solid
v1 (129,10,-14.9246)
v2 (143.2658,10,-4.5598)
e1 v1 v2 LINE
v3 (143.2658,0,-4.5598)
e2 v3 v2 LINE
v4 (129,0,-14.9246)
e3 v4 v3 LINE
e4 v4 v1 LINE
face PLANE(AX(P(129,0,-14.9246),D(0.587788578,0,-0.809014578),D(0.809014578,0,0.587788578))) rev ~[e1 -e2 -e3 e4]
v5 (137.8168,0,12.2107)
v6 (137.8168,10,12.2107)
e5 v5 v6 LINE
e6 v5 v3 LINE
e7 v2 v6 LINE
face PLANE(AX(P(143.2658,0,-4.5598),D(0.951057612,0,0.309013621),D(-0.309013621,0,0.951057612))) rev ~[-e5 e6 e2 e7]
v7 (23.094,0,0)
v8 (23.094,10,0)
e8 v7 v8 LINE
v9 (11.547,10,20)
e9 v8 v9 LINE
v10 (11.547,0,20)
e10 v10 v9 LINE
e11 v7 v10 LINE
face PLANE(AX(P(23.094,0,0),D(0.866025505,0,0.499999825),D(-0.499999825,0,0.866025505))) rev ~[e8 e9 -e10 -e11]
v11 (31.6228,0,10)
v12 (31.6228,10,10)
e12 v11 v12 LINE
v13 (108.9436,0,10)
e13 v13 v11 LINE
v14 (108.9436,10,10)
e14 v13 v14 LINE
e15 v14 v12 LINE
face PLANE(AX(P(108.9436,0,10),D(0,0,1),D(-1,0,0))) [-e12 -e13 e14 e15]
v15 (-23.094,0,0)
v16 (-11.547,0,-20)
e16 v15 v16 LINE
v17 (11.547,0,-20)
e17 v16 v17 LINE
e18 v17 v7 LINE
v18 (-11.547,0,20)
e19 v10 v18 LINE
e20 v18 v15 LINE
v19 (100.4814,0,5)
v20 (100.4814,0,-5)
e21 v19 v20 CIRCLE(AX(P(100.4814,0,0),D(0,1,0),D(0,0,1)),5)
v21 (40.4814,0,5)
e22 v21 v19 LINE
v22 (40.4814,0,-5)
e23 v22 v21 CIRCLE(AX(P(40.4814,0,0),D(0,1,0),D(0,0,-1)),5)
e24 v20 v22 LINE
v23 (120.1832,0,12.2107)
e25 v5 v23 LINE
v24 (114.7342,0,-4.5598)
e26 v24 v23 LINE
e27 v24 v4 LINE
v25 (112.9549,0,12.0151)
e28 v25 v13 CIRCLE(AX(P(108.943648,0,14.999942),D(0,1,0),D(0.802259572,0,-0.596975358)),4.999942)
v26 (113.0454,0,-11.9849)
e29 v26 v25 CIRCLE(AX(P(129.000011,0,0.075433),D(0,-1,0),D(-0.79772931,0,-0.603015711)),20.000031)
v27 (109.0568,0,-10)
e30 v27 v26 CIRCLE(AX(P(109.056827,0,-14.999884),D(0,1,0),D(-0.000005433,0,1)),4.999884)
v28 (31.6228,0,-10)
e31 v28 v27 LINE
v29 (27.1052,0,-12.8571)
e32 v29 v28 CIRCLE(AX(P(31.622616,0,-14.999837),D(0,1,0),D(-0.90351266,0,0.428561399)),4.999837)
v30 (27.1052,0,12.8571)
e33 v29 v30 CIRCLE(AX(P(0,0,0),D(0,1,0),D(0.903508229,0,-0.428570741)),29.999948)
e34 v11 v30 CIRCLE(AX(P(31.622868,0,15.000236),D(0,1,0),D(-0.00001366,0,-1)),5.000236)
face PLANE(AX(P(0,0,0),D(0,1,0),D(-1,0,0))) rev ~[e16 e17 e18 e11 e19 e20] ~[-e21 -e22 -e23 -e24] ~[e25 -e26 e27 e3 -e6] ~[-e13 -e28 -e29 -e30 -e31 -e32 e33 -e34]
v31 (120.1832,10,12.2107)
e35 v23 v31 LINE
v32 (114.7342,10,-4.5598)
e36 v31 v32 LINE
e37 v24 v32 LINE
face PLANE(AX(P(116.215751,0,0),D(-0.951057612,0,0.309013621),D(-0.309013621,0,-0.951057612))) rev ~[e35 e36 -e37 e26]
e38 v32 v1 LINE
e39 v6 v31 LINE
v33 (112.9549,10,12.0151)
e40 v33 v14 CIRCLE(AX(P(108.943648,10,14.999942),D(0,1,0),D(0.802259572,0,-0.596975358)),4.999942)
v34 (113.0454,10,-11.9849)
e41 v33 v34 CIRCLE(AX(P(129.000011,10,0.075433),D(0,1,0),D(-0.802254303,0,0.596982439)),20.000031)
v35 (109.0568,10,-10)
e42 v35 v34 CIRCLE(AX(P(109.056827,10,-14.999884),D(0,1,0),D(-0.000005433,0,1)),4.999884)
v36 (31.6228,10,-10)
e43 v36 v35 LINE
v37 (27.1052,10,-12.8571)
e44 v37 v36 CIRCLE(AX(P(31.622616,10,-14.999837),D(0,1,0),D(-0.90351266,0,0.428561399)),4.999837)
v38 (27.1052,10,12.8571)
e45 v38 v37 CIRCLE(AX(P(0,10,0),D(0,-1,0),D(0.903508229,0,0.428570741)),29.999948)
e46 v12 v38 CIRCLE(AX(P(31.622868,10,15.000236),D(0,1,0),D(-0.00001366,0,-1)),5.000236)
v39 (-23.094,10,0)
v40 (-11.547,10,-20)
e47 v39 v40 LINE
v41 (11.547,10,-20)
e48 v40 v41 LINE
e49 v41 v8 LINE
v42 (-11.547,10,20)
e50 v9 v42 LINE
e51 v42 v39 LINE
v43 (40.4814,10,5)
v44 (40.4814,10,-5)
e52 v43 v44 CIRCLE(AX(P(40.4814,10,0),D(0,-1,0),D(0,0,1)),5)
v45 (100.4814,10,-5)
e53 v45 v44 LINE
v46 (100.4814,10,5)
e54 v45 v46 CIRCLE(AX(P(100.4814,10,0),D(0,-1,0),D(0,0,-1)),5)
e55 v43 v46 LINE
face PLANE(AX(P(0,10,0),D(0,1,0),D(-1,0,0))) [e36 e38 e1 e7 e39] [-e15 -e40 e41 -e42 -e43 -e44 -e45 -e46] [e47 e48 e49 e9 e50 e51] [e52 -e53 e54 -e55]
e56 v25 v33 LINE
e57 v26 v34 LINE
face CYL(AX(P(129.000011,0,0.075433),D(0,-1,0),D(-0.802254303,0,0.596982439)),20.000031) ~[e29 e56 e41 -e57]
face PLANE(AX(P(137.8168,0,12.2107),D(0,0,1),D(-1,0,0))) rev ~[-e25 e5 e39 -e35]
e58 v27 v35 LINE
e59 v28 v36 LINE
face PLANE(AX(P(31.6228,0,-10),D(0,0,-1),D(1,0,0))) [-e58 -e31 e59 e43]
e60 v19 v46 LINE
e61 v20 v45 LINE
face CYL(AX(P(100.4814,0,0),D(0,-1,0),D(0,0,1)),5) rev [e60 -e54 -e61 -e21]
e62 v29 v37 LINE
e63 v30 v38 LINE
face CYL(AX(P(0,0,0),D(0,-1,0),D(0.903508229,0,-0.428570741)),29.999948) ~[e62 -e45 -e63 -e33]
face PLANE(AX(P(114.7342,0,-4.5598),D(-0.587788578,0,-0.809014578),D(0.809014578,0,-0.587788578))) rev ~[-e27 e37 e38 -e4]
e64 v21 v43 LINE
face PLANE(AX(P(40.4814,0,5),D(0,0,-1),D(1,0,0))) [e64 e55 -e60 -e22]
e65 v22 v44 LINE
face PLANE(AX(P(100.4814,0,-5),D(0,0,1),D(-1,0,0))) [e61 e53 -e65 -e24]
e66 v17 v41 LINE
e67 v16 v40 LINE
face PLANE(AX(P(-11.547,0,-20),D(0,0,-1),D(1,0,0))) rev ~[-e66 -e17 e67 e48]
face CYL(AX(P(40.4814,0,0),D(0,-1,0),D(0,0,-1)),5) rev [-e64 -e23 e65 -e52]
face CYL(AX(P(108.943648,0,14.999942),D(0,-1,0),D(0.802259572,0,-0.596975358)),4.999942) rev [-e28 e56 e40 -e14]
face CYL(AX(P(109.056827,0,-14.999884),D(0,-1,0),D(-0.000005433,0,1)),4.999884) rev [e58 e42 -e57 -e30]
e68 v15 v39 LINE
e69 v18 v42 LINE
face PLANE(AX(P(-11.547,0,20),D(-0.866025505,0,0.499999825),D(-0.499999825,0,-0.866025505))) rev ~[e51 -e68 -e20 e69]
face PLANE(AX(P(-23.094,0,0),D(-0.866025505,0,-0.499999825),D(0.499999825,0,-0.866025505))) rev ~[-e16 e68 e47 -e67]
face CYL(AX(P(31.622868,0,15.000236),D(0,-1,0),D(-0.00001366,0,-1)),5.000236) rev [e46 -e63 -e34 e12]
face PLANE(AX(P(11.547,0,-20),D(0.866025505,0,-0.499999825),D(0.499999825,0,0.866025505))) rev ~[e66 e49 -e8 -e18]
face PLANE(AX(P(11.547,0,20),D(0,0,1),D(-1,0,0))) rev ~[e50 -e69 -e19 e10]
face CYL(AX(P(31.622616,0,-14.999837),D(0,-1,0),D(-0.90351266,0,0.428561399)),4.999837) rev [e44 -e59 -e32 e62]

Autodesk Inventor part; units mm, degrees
ref_plane "YZ Plane" through (0, 0, 0) normal (1, 0, 0) x (0, 1, 0)
ref_plane "XZ Plane" through (0, 0, 0) normal (0, 1, 0) x (-1, 0, 0)
ref_plane "XY Plane" through (0, 0, 0) normal (0, 0, 1) x (1, 0, 0)
sketch "Sketch2" plane through (0, 0, 0) normal (0, 1, 0) x (-1, 0, 0)
  arc A0 (-27.1052, -12.8571) -> (-27.1052, 12.8571) centre (0, 0) ccw
  line L0 (-23.094, 0) -> (-11.547, 20)
  line L1 (-11.547, 20) -> (11.547, 20)
  line L2 (11.547, 20) -> (23.094, 0)
  line L3 (23.094, 0) -> (11.547, -20)
  line L4 (11.547, -20) -> (-11.547, -20)
  line L5 (-11.547, -20) -> (-23.094, 0)
  line L6 (-184.8904, 0) -> (65.8151, 0) projected
  arc A1 (-112.9549, 12.0151) -> (-113.0454, -11.9849) centre (-129, 0.0754) ccw
  line L7 (-129, -14.9246) -> (-143.2658, -4.5598)
  line L8 (-143.2658, -4.5598) -> (-137.8168, 12.2107)
  line L9 (-137.8168, 12.2107) -> (-120.1832, 12.2107)
  line L10 (-120.1832, 12.2107) -> (-114.7342, -4.5598)
  line L11 (-114.7342, -4.5598) -> (-129, -14.9246)
  line L12 (-31.6228, -10) -> (-109.0568, -10)
  line L13 (-108.9436, 10) -> (-31.6228, 10)
  line L14 (-40.4814, 0) -> (-100.4814, 0) construction
  line L15 (-40.4814, 5) -> (-100.4814, 5)
  line L16 (-100.4814, -5) -> (-40.4814, -5)
  arc A2 (-40.4814, -5) -> (-40.4814, 5) centre (-40.4814, 0) ccw
  arc A3 (-100.4814, 5) -> (-100.4814, -5) centre (-100.4814, 0) ccw
  arc A4 (-27.1052, -12.8571) -> (-31.6228, -10) centre (-31.6228, -15) ccw
  arc A5 (-31.6228, 10) -> (-27.1052, 12.8571) centre (-31.6228, 15) ccw
  arc A6 (-109.0568, -10) -> (-113.0454, -11.9849) centre (-109.0568, -15) ccw
  arc A7 (-112.9549, 12.0151) -> (-108.9436, 10) centre (-108.9436, 15) ccw
  point P0 (-28.2843, -10)
  point P1 (-111.6362, 10)
  point P2 (-111.7233, -10)
  point P3 (-70.4814, 0)
  point P4 (-28.2843, 10)
  dimension "d14" = 60
  dimension "d15" = 20
  dimension "d16" = 40
  dimension "d17" = 15
  dimension "d24" = 129
  dimension "d25" = 60
  dimension "d26" = 10
  dimension "d27" = 5
  dimension "d28" = 5
extrude "Extrusion1" add sketch "Sketch2" along normal blind 10 contours A4 L12 A6 A1 L6 L8 L7 L11 L10 A3 L16 A2 L5 L4 L3 A0 | L6 L2 L1 L0 A2 L15 A3 L10 L9 L8 A1 A7 L13 A5 A0
properties part number "Exercise_2"
